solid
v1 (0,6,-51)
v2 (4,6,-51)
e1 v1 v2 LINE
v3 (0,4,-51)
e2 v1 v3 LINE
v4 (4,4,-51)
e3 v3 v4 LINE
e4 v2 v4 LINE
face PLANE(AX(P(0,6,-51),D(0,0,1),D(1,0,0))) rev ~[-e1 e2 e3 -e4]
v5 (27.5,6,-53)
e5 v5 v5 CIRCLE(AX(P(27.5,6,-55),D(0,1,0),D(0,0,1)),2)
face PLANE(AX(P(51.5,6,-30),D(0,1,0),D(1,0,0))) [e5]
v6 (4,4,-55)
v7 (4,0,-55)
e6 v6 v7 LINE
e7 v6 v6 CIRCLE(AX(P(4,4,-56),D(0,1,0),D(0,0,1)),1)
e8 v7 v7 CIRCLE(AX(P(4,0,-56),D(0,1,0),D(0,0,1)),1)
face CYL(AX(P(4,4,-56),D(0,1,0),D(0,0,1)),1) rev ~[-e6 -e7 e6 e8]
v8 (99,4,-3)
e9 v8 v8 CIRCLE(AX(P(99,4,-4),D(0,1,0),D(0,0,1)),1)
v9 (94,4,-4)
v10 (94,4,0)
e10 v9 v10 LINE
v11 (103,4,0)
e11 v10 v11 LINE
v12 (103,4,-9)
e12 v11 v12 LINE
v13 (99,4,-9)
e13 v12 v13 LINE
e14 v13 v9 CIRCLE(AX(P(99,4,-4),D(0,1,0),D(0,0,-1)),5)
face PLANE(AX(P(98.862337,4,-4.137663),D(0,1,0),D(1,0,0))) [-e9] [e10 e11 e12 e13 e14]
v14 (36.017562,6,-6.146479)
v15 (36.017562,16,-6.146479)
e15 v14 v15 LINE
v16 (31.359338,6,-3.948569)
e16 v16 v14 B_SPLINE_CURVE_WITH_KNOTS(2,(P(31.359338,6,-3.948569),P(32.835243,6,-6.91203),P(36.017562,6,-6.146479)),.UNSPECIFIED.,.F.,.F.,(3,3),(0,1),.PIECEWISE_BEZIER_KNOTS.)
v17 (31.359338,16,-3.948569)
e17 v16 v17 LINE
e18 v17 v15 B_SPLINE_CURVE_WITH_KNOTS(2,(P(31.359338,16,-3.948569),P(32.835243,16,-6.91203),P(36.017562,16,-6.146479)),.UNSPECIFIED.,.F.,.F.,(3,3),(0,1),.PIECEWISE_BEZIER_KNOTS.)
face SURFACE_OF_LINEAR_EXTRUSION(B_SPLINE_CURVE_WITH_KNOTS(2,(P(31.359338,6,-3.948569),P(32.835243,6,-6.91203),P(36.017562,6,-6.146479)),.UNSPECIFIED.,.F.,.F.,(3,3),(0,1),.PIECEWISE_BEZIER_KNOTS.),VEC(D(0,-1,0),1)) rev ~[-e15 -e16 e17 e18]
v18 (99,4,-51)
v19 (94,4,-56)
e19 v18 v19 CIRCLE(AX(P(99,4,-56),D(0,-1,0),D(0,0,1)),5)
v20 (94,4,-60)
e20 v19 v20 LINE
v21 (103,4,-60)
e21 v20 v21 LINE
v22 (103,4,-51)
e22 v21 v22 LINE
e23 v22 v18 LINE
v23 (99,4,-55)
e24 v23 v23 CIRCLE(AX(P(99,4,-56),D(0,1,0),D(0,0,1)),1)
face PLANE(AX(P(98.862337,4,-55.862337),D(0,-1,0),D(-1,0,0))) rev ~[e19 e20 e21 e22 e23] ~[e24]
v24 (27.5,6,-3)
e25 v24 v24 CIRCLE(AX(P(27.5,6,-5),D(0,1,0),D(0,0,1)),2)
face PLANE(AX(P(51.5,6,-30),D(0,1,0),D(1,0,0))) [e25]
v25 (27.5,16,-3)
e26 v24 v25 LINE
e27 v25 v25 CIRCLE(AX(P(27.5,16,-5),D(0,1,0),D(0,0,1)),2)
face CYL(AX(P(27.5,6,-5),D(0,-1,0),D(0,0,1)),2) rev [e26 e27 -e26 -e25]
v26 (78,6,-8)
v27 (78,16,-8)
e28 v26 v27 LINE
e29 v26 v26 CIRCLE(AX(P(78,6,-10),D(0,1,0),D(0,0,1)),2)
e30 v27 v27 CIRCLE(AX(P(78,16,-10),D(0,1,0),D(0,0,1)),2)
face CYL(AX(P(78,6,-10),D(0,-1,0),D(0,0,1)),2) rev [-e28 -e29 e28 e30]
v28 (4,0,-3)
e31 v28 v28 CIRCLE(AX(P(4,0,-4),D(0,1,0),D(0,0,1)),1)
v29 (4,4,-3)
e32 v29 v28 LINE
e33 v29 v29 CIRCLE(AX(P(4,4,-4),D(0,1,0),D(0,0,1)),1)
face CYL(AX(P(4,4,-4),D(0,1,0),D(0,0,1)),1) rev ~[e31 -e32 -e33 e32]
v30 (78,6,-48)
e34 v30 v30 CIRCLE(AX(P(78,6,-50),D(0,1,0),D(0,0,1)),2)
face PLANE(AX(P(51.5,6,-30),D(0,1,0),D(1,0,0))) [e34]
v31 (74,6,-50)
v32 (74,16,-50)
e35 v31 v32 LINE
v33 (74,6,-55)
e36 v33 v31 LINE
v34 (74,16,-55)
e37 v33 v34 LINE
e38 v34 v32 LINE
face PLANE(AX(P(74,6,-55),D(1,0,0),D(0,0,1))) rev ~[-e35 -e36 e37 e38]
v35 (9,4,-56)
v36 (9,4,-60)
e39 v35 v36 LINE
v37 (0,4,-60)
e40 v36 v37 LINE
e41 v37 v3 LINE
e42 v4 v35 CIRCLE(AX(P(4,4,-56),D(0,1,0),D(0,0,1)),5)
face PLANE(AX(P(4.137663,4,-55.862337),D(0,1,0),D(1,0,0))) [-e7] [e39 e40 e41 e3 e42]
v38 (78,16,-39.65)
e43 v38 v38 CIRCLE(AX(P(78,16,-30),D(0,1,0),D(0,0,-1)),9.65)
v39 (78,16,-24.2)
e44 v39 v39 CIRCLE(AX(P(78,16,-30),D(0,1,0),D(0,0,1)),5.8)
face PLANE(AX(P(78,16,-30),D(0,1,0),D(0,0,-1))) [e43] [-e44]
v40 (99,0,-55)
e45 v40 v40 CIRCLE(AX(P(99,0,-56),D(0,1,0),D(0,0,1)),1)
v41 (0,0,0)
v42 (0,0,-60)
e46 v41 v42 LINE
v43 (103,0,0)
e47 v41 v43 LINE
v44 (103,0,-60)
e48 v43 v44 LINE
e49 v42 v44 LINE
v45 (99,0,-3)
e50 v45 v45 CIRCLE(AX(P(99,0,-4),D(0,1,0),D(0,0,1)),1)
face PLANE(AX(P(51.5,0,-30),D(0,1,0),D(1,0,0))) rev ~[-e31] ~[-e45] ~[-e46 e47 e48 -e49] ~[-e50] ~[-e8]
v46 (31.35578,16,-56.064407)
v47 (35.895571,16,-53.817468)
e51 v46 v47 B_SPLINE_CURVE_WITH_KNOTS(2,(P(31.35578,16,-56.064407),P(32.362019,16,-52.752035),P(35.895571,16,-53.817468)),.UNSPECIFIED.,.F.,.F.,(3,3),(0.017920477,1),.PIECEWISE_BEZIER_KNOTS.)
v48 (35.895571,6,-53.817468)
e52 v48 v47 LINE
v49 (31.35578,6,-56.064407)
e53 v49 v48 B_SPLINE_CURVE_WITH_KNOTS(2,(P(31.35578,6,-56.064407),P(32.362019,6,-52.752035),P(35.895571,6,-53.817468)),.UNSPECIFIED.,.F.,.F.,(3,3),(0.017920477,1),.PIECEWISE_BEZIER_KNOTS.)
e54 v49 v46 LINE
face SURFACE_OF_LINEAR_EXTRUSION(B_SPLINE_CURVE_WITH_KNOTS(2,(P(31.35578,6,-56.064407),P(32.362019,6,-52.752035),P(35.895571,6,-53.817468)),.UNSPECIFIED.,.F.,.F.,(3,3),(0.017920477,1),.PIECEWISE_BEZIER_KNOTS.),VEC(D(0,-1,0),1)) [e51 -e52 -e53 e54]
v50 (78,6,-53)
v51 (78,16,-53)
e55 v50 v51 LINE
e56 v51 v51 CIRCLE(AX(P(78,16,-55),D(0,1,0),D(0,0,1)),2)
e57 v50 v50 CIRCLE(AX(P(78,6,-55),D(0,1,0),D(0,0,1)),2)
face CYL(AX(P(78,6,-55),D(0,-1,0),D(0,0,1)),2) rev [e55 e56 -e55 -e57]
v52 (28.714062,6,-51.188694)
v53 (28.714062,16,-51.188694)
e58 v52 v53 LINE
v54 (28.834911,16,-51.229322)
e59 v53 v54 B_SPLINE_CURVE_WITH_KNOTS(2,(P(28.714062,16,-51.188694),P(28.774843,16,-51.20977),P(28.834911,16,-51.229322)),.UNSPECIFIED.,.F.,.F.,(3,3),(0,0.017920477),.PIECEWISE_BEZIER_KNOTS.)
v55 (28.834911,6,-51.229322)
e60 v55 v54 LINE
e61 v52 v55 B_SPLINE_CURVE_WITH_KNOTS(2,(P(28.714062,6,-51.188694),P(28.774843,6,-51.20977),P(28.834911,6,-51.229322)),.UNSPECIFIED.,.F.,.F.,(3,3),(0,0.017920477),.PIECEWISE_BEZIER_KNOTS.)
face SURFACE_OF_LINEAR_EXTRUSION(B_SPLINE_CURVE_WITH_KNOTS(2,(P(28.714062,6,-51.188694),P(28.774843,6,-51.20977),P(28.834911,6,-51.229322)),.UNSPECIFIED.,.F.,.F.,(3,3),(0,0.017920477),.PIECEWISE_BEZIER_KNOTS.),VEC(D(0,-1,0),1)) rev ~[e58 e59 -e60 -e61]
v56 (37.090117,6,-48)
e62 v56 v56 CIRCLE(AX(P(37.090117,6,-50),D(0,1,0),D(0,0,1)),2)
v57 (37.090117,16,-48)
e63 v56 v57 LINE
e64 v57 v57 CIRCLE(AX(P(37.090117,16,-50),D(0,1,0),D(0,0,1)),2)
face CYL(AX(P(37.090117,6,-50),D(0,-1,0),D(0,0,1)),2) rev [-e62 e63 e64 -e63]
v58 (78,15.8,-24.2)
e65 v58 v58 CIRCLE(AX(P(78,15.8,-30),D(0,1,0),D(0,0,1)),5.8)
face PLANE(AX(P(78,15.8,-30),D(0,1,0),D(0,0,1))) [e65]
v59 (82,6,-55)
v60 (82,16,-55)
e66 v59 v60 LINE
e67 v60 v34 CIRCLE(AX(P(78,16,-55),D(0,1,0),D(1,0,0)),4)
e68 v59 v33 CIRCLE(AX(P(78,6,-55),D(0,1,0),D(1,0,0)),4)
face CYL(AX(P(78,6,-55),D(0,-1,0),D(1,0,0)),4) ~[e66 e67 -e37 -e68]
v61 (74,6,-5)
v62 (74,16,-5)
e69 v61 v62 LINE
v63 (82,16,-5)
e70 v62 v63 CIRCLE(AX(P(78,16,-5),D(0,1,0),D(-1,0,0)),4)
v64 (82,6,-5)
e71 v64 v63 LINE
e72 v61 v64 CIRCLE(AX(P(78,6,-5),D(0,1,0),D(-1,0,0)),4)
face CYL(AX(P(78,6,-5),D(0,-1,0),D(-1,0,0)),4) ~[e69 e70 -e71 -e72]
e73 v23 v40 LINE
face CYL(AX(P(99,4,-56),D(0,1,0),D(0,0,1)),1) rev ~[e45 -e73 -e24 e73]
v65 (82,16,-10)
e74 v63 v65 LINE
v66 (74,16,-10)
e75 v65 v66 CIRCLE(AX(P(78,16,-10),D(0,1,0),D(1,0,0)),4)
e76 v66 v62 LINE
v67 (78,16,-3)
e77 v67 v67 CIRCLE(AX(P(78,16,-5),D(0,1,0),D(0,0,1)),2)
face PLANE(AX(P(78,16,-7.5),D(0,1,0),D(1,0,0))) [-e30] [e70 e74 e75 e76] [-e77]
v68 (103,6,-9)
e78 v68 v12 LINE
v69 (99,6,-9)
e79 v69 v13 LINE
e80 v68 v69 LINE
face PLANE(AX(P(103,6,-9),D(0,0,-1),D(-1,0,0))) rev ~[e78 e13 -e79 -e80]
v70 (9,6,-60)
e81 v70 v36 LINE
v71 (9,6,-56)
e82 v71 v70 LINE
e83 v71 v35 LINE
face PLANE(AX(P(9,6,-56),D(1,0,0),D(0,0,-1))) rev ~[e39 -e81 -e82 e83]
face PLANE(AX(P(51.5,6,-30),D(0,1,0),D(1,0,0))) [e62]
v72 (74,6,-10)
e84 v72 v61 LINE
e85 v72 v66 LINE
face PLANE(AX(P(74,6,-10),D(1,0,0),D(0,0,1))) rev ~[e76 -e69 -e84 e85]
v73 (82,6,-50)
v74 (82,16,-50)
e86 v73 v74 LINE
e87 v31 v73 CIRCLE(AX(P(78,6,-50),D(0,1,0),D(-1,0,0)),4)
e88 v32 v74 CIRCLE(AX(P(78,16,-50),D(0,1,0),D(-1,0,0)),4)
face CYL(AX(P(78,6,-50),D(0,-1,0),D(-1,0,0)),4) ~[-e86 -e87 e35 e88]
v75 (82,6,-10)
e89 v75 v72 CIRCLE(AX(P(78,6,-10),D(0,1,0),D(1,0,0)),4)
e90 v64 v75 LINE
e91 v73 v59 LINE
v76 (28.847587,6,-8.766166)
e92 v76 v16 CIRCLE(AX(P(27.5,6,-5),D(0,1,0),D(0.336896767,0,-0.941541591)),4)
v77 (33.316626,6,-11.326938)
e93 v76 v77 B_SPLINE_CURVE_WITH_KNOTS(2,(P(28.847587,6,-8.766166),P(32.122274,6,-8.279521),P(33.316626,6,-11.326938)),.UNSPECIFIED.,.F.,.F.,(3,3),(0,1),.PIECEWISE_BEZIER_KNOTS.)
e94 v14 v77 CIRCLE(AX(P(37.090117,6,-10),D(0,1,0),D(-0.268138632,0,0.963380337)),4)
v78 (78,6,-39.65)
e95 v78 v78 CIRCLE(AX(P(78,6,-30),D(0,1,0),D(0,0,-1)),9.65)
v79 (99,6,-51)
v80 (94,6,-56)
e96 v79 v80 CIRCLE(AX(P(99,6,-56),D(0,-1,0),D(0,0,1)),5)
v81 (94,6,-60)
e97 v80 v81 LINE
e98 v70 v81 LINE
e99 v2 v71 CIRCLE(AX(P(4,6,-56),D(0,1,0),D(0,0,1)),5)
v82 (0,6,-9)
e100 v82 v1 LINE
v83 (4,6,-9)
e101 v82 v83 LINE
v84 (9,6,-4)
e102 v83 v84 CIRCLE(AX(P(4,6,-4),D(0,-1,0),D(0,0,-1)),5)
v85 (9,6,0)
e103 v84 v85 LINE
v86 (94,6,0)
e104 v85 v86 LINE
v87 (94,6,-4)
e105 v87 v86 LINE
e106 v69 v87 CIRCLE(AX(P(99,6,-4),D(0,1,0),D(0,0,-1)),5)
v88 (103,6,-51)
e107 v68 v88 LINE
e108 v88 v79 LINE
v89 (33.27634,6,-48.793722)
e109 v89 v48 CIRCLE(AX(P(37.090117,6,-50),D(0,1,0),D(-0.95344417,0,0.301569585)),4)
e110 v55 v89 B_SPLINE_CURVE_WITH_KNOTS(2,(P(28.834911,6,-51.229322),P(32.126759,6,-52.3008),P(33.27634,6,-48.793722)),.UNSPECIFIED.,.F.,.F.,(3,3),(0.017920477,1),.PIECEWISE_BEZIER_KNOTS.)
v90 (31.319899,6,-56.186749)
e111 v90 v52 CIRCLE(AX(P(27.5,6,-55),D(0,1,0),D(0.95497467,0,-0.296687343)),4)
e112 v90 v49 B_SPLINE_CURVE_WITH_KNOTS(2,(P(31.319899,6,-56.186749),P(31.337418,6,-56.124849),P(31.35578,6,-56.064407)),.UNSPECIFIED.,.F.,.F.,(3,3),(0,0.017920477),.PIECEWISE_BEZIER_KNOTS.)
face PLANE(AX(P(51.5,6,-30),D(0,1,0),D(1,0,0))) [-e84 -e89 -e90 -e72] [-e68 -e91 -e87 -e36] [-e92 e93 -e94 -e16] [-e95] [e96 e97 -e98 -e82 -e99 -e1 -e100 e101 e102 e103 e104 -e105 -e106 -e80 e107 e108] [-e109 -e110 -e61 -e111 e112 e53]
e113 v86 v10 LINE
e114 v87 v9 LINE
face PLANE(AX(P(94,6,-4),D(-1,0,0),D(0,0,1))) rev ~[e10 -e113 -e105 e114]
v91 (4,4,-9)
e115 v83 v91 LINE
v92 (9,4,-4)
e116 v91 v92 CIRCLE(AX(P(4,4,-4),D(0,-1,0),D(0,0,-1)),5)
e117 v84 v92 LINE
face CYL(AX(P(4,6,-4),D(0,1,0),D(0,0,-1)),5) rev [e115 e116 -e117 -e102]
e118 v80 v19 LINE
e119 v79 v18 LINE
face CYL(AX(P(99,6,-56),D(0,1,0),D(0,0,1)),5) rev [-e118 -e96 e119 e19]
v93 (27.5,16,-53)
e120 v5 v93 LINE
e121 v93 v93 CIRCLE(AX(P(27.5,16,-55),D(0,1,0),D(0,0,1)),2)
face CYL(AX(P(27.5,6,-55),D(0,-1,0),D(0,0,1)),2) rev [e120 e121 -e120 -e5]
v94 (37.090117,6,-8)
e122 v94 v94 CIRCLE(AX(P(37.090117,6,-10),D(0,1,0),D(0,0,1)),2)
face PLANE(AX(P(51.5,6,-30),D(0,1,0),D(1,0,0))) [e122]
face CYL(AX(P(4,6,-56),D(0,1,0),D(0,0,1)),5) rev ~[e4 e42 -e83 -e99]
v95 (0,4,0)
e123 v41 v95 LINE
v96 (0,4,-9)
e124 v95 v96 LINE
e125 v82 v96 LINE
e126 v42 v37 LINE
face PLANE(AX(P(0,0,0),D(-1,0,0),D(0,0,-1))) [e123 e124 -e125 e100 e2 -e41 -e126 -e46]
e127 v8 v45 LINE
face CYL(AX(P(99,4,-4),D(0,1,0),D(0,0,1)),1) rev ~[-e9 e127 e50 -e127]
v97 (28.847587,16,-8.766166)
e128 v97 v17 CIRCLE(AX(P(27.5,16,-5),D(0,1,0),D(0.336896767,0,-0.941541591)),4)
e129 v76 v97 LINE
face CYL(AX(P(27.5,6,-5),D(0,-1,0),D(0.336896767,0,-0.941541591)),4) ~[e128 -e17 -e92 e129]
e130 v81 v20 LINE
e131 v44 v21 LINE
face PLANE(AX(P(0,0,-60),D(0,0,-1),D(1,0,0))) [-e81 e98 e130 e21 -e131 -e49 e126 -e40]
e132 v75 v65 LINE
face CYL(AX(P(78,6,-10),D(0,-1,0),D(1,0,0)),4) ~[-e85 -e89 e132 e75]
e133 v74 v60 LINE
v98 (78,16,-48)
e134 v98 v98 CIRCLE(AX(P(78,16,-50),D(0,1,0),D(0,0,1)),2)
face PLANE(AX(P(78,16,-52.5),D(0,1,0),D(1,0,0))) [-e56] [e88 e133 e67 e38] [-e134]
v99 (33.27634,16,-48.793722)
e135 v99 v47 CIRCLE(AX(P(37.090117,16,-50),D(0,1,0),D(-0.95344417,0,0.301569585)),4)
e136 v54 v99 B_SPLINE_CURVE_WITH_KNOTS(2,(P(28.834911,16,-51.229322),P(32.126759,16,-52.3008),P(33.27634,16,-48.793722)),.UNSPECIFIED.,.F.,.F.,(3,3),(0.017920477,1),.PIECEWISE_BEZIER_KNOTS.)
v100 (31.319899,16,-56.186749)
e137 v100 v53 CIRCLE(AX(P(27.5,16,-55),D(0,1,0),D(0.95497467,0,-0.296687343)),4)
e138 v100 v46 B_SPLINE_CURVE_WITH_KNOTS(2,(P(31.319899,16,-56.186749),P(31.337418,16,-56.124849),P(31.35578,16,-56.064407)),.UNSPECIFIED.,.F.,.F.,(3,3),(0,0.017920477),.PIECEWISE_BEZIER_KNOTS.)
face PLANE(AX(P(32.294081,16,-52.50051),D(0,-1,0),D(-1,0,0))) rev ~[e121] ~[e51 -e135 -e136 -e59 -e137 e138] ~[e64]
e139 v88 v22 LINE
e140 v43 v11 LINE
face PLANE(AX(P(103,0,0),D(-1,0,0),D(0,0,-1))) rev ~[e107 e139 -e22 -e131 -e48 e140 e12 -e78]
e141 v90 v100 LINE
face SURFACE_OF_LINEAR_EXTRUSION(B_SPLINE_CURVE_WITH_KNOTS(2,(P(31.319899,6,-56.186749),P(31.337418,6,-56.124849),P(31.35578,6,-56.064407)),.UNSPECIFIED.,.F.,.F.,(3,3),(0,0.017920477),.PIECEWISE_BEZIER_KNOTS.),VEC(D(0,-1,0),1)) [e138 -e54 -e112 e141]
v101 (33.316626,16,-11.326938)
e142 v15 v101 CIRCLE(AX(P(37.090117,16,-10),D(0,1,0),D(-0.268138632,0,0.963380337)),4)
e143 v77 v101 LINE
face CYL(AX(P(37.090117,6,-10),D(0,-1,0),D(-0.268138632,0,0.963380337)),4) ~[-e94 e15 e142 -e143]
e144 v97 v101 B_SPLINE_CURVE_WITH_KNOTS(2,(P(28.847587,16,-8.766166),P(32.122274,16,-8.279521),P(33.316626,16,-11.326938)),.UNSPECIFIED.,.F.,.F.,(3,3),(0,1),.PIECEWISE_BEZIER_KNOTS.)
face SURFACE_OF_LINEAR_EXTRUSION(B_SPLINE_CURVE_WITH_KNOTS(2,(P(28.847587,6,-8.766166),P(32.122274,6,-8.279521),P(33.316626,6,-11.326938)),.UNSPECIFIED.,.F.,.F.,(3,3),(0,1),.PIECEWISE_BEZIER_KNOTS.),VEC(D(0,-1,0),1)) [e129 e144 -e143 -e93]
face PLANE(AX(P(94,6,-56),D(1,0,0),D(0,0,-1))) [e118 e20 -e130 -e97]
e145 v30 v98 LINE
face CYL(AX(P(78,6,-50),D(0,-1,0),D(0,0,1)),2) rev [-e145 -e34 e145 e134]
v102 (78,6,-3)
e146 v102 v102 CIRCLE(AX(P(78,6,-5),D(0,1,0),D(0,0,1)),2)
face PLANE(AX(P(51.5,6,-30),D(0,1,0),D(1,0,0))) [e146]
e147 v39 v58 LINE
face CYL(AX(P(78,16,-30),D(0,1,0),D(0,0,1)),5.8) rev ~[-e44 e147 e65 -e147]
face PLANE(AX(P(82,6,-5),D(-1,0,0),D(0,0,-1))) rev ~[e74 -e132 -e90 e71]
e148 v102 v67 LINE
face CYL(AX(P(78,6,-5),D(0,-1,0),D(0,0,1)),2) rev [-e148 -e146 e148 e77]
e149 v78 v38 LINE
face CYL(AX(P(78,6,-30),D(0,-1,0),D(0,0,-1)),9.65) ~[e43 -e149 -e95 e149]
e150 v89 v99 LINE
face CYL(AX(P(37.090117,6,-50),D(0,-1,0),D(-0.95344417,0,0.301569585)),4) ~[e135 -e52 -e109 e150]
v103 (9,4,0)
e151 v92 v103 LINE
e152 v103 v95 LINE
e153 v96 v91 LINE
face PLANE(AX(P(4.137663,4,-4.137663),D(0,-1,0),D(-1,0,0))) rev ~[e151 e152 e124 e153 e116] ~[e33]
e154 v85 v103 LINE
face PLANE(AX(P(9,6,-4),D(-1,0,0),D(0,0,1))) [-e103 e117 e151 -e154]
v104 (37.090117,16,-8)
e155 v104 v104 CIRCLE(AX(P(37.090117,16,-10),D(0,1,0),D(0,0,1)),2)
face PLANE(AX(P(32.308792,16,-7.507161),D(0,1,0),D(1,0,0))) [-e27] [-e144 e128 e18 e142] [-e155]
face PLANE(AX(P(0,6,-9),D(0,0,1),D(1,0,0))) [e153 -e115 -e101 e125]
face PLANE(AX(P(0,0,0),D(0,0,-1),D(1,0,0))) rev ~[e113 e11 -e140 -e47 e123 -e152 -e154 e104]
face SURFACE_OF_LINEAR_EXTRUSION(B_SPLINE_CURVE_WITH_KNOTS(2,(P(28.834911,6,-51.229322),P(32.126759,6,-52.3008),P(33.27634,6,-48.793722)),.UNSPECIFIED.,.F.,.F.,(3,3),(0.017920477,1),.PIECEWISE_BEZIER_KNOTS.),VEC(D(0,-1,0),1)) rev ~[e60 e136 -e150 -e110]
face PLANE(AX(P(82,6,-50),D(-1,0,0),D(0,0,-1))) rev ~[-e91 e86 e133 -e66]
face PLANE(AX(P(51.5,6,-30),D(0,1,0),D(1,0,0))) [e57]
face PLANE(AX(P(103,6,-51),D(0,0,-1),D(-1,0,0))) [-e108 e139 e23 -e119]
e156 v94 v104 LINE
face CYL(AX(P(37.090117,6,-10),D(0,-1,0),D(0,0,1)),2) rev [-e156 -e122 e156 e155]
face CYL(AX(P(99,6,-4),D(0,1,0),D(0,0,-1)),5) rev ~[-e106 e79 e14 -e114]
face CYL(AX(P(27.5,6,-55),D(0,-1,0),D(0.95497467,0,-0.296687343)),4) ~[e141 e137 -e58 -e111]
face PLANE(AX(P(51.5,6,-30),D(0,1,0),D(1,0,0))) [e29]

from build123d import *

# Parameters (mm, degrees)
SKETCH2_W           = 103
SKETCH2_H           = 60
BOSS_EXTRUDE1_DEPTH = 6
SKETCH3_R           = 9.65
SKETCH3_R_2         = 2
BOSS_EXTRUDE2_DEPTH = 10
CUT_EXTRUDE1_DEPTH  = 2
SKETCH6_R           = 1
CUT_EXTRUDE2_DEPTH  = 120.804006757
SKETCH7_R           = 5.8
CUT_EXTRUDE3_DEPTH  = 0.2


with BuildPart() as part:
    # Sketch2 → Boss-Extrude1 (new body)
    with BuildSketch(Plane(origin=(0, 0, 0), x_dir=(1, 0, 0), z_dir=(0, 1, 0))):
        with Locations((51.5, 30)):
            Rectangle(SKETCH2_W, SKETCH2_H)
    extrude(amount=BOSS_EXTRUDE1_DEPTH)

    # Sketch3 → Boss-Extrude2 (add)
    # profile 1 of 5: a face of its own
    with BuildSketch(Plane(origin=(0, 6, 0), x_dir=(1, 0, 0), z_dir=(0, 1, 0))):
        with Locations(Location((78, 30, 0), (0, 0, 90))):
            Circle(SKETCH3_R)
    # profile 2 of 5: a face of its own
    with BuildSketch(Plane(origin=(0, 6, 0), x_dir=(1, 0, 0), z_dir=(0, 1, 0))):
        with BuildLine():
            Line((74, 55), (74, 50))
            ThreePointArc((74, 50), (78, 46), (82, 50))
            Line((82, 50), (82, 55))
            ThreePointArc((82, 55), (78, 59), (74, 55))
        make_face()
        with Locations(Location((78, 55, 0), (0, 0, 270))):
            Circle(SKETCH3_R_2, mode=Mode.SUBTRACT)
        with Locations(Location((78, 50, 0), (0, 0, 270))):
            Circle(SKETCH3_R_2, mode=Mode.SUBTRACT)
    # profile 3 of 5: a face of its own
    with BuildSketch(Plane(origin=(0, 6, 0), x_dir=(1, 0, 0), z_dir=(0, 1, 0))):
        with BuildLine():
            Line((74, 10), (74, 5))
            ThreePointArc((74, 5), (78, 1), (82, 5))
            Line((82, 5), (82, 10))
            ThreePointArc((82, 10), (78, 14), (74, 10))
        make_face()
        with Locations(Location((78, 10, 0), (0, 0, 270))):
            Circle(SKETCH3_R_2, mode=Mode.SUBTRACT)
        with Locations(Location((78, 5, 0), (0, 0, 270))):
            Circle(SKETCH3_R_2, mode=Mode.SUBTRACT)
    # profile 4 of 5: a face of its own
    with BuildSketch(Plane(origin=(0, 6, 0), x_dir=(1, 0, 0), z_dir=(0, 1, 0))):
        with BuildLine():
            ThreePointArc((28.84758707, 8.766166365), (23.953123955, 3.150764937), (31.359338334, 3.948568773))
            add(Edge.make_bspline(
                [(31.359338334, 3.948568773), (32.83524335, 6.912030452), (36.017562261, 6.146478651)],
                knots=[0, 0, 0, 1, 1, 1], degree=2))
            ThreePointArc((36.017562261, 6.146478651), (40.636992833, 11.849235063), (33.316625669, 11.326938122))
            add(Edge.make_bspline(
                [(28.84758707, 8.766166365), (32.122274454, 8.279521447), (33.316625669, 11.326938122)],
                knots=[0, 0, 0, 1, 1, 1], degree=2))
        make_face()
        with Locations(Location((37.090116788, 10, 0), (0, 0, 270))):
            Circle(SKETCH3_R_2, mode=Mode.SUBTRACT)
        with Locations(Location((27.5, 5, 0), (0, 0, 270))):
            Circle(SKETCH3_R_2, mode=Mode.SUBTRACT)
    # profile 5 of 5: a face of its own
    with BuildSketch(Plane(origin=(0, 6, 0), x_dir=(1, 0, 0), z_dir=(0, 1, 0))):
        with BuildLine():
            add(Edge.make_bspline(
                [(31.355779837, 56.064406805), (32.362019475, 52.752034899), (35.895571064, 53.817467814)],
                knots=[0.017920477, 0.017920477, 0.017920477, 1, 1, 1], degree=2))
            add(Edge.make_bspline(
                [(31.319898681, 56.18674937), (31.337418499, 56.124849248), (31.355779837, 56.064406805)],
                knots=[0, 0, 0, 0.017920477, 0.017920477, 0.017920477], degree=2))
            ThreePointArc((31.319898681, 56.18674937), (23.953123955, 56.849235063), (28.714062153, 51.188694044))
            add(Edge.make_bspline(
                [(28.714062153, 51.188694044), (28.774843392, 51.209770338), (28.83491132, 51.229322108)],
                knots=[0, 0, 0, 0.017920477, 0.017920477, 0.017920477], degree=2))
            add(Edge.make_bspline(
                [(28.83491132, 51.229322108), (32.126759022, 52.300799854), (33.276340108, 48.793721661)],
                knots=[0.017920477, 0.017920477, 0.017920477, 1, 1, 1], degree=2))
            ThreePointArc((33.276340108, 48.793721661), (40.636992833, 48.150764937), (35.895571064, 53.817467814))
        make_face()
        with Locations(Location((37.090116788, 50, 0), (0, 0, 270))):
            Circle(SKETCH3_R_2, mode=Mode.SUBTRACT)
        with Locations(Location((27.5, 55, 0), (0, 0, 270))):
            Circle(SKETCH3_R_2, mode=Mode.SUBTRACT)
    extrude(amount=BOSS_EXTRUDE2_DEPTH)

    # Sketch5 → Cut-Extrude1 (cut)
    with BuildSketch(Plane(origin=(0, 6, 0), x_dir=(1, 0, 0), z_dir=(0, 1, 0))):
        with BuildLine():
            Line((9, 0), (0, 0))
            Line((0, 0), (0, 9))
            Line((0, 9), (4, 9))
            ThreePointArc((4, 9), (7.535533906, 7.535533906), (9, 4))
            Line((9, 4), (9, 0))
        make_face()
        with BuildLine():
            Line((0, 60), (0, 51))
            Line((0, 51), (4, 51))
            ThreePointArc((4, 51), (7.535533906, 52.464466094), (9, 56))
            Line((9, 56), (9, 60))
            Line((9, 60), (0, 60))
        make_face()
        with BuildLine():
            Line((94, 60), (103, 60))
            Line((103, 60), (103, 51))
            Line((103, 51), (99, 51))
            ThreePointArc((99, 51), (95.464466094, 52.464466094), (94, 56))
            Line((94, 56), (94, 60))
        make_face()
        with BuildLine():
            Line((103, 0), (103, 9))
            Line((103, 9), (99, 9))
            ThreePointArc((99, 9), (95.464466094, 7.535533906), (94, 4))
            Line((94, 4), (94, 0))
            Line((94, 0), (103, 0))
        make_face()
    extrude(amount=-CUT_EXTRUDE1_DEPTH, mode=Mode.SUBTRACT)

    # Sketch6 → Cut-Extrude2 (cut, through all)
    with BuildSketch(Plane(origin=(0, 4, 0), x_dir=(1, 0, 0), z_dir=(0, 1, 0))):
        with Locations(Location((4, 4, 0), (0, 0, 270))):
            Circle(SKETCH6_R)
        with Locations(Location((4, 56, 0), (0, 0, 270))):
            Circle(SKETCH6_R)
        with Locations(Location((99, 56, 0), (0, 0, 270))):
            Circle(SKETCH6_R)
        with Locations(Location((99, 4, 0), (0, 0, 270))):
            Circle(SKETCH6_R)
    extrude(amount=-CUT_EXTRUDE2_DEPTH, mode=Mode.SUBTRACT)

    # Sketch7 → Cut-Extrude3 (cut)
    with BuildSketch(Plane(origin=(0, 16, 0), x_dir=(1, 0, 0), z_dir=(0, 1, 0))):
        with Locations(Location((78, 30, 0), (0, 0, 270))):
            Circle(SKETCH7_R)
    extrude(amount=-CUT_EXTRUDE3_DEPTH, mode=Mode.SUBTRACT)


solid = part.part
